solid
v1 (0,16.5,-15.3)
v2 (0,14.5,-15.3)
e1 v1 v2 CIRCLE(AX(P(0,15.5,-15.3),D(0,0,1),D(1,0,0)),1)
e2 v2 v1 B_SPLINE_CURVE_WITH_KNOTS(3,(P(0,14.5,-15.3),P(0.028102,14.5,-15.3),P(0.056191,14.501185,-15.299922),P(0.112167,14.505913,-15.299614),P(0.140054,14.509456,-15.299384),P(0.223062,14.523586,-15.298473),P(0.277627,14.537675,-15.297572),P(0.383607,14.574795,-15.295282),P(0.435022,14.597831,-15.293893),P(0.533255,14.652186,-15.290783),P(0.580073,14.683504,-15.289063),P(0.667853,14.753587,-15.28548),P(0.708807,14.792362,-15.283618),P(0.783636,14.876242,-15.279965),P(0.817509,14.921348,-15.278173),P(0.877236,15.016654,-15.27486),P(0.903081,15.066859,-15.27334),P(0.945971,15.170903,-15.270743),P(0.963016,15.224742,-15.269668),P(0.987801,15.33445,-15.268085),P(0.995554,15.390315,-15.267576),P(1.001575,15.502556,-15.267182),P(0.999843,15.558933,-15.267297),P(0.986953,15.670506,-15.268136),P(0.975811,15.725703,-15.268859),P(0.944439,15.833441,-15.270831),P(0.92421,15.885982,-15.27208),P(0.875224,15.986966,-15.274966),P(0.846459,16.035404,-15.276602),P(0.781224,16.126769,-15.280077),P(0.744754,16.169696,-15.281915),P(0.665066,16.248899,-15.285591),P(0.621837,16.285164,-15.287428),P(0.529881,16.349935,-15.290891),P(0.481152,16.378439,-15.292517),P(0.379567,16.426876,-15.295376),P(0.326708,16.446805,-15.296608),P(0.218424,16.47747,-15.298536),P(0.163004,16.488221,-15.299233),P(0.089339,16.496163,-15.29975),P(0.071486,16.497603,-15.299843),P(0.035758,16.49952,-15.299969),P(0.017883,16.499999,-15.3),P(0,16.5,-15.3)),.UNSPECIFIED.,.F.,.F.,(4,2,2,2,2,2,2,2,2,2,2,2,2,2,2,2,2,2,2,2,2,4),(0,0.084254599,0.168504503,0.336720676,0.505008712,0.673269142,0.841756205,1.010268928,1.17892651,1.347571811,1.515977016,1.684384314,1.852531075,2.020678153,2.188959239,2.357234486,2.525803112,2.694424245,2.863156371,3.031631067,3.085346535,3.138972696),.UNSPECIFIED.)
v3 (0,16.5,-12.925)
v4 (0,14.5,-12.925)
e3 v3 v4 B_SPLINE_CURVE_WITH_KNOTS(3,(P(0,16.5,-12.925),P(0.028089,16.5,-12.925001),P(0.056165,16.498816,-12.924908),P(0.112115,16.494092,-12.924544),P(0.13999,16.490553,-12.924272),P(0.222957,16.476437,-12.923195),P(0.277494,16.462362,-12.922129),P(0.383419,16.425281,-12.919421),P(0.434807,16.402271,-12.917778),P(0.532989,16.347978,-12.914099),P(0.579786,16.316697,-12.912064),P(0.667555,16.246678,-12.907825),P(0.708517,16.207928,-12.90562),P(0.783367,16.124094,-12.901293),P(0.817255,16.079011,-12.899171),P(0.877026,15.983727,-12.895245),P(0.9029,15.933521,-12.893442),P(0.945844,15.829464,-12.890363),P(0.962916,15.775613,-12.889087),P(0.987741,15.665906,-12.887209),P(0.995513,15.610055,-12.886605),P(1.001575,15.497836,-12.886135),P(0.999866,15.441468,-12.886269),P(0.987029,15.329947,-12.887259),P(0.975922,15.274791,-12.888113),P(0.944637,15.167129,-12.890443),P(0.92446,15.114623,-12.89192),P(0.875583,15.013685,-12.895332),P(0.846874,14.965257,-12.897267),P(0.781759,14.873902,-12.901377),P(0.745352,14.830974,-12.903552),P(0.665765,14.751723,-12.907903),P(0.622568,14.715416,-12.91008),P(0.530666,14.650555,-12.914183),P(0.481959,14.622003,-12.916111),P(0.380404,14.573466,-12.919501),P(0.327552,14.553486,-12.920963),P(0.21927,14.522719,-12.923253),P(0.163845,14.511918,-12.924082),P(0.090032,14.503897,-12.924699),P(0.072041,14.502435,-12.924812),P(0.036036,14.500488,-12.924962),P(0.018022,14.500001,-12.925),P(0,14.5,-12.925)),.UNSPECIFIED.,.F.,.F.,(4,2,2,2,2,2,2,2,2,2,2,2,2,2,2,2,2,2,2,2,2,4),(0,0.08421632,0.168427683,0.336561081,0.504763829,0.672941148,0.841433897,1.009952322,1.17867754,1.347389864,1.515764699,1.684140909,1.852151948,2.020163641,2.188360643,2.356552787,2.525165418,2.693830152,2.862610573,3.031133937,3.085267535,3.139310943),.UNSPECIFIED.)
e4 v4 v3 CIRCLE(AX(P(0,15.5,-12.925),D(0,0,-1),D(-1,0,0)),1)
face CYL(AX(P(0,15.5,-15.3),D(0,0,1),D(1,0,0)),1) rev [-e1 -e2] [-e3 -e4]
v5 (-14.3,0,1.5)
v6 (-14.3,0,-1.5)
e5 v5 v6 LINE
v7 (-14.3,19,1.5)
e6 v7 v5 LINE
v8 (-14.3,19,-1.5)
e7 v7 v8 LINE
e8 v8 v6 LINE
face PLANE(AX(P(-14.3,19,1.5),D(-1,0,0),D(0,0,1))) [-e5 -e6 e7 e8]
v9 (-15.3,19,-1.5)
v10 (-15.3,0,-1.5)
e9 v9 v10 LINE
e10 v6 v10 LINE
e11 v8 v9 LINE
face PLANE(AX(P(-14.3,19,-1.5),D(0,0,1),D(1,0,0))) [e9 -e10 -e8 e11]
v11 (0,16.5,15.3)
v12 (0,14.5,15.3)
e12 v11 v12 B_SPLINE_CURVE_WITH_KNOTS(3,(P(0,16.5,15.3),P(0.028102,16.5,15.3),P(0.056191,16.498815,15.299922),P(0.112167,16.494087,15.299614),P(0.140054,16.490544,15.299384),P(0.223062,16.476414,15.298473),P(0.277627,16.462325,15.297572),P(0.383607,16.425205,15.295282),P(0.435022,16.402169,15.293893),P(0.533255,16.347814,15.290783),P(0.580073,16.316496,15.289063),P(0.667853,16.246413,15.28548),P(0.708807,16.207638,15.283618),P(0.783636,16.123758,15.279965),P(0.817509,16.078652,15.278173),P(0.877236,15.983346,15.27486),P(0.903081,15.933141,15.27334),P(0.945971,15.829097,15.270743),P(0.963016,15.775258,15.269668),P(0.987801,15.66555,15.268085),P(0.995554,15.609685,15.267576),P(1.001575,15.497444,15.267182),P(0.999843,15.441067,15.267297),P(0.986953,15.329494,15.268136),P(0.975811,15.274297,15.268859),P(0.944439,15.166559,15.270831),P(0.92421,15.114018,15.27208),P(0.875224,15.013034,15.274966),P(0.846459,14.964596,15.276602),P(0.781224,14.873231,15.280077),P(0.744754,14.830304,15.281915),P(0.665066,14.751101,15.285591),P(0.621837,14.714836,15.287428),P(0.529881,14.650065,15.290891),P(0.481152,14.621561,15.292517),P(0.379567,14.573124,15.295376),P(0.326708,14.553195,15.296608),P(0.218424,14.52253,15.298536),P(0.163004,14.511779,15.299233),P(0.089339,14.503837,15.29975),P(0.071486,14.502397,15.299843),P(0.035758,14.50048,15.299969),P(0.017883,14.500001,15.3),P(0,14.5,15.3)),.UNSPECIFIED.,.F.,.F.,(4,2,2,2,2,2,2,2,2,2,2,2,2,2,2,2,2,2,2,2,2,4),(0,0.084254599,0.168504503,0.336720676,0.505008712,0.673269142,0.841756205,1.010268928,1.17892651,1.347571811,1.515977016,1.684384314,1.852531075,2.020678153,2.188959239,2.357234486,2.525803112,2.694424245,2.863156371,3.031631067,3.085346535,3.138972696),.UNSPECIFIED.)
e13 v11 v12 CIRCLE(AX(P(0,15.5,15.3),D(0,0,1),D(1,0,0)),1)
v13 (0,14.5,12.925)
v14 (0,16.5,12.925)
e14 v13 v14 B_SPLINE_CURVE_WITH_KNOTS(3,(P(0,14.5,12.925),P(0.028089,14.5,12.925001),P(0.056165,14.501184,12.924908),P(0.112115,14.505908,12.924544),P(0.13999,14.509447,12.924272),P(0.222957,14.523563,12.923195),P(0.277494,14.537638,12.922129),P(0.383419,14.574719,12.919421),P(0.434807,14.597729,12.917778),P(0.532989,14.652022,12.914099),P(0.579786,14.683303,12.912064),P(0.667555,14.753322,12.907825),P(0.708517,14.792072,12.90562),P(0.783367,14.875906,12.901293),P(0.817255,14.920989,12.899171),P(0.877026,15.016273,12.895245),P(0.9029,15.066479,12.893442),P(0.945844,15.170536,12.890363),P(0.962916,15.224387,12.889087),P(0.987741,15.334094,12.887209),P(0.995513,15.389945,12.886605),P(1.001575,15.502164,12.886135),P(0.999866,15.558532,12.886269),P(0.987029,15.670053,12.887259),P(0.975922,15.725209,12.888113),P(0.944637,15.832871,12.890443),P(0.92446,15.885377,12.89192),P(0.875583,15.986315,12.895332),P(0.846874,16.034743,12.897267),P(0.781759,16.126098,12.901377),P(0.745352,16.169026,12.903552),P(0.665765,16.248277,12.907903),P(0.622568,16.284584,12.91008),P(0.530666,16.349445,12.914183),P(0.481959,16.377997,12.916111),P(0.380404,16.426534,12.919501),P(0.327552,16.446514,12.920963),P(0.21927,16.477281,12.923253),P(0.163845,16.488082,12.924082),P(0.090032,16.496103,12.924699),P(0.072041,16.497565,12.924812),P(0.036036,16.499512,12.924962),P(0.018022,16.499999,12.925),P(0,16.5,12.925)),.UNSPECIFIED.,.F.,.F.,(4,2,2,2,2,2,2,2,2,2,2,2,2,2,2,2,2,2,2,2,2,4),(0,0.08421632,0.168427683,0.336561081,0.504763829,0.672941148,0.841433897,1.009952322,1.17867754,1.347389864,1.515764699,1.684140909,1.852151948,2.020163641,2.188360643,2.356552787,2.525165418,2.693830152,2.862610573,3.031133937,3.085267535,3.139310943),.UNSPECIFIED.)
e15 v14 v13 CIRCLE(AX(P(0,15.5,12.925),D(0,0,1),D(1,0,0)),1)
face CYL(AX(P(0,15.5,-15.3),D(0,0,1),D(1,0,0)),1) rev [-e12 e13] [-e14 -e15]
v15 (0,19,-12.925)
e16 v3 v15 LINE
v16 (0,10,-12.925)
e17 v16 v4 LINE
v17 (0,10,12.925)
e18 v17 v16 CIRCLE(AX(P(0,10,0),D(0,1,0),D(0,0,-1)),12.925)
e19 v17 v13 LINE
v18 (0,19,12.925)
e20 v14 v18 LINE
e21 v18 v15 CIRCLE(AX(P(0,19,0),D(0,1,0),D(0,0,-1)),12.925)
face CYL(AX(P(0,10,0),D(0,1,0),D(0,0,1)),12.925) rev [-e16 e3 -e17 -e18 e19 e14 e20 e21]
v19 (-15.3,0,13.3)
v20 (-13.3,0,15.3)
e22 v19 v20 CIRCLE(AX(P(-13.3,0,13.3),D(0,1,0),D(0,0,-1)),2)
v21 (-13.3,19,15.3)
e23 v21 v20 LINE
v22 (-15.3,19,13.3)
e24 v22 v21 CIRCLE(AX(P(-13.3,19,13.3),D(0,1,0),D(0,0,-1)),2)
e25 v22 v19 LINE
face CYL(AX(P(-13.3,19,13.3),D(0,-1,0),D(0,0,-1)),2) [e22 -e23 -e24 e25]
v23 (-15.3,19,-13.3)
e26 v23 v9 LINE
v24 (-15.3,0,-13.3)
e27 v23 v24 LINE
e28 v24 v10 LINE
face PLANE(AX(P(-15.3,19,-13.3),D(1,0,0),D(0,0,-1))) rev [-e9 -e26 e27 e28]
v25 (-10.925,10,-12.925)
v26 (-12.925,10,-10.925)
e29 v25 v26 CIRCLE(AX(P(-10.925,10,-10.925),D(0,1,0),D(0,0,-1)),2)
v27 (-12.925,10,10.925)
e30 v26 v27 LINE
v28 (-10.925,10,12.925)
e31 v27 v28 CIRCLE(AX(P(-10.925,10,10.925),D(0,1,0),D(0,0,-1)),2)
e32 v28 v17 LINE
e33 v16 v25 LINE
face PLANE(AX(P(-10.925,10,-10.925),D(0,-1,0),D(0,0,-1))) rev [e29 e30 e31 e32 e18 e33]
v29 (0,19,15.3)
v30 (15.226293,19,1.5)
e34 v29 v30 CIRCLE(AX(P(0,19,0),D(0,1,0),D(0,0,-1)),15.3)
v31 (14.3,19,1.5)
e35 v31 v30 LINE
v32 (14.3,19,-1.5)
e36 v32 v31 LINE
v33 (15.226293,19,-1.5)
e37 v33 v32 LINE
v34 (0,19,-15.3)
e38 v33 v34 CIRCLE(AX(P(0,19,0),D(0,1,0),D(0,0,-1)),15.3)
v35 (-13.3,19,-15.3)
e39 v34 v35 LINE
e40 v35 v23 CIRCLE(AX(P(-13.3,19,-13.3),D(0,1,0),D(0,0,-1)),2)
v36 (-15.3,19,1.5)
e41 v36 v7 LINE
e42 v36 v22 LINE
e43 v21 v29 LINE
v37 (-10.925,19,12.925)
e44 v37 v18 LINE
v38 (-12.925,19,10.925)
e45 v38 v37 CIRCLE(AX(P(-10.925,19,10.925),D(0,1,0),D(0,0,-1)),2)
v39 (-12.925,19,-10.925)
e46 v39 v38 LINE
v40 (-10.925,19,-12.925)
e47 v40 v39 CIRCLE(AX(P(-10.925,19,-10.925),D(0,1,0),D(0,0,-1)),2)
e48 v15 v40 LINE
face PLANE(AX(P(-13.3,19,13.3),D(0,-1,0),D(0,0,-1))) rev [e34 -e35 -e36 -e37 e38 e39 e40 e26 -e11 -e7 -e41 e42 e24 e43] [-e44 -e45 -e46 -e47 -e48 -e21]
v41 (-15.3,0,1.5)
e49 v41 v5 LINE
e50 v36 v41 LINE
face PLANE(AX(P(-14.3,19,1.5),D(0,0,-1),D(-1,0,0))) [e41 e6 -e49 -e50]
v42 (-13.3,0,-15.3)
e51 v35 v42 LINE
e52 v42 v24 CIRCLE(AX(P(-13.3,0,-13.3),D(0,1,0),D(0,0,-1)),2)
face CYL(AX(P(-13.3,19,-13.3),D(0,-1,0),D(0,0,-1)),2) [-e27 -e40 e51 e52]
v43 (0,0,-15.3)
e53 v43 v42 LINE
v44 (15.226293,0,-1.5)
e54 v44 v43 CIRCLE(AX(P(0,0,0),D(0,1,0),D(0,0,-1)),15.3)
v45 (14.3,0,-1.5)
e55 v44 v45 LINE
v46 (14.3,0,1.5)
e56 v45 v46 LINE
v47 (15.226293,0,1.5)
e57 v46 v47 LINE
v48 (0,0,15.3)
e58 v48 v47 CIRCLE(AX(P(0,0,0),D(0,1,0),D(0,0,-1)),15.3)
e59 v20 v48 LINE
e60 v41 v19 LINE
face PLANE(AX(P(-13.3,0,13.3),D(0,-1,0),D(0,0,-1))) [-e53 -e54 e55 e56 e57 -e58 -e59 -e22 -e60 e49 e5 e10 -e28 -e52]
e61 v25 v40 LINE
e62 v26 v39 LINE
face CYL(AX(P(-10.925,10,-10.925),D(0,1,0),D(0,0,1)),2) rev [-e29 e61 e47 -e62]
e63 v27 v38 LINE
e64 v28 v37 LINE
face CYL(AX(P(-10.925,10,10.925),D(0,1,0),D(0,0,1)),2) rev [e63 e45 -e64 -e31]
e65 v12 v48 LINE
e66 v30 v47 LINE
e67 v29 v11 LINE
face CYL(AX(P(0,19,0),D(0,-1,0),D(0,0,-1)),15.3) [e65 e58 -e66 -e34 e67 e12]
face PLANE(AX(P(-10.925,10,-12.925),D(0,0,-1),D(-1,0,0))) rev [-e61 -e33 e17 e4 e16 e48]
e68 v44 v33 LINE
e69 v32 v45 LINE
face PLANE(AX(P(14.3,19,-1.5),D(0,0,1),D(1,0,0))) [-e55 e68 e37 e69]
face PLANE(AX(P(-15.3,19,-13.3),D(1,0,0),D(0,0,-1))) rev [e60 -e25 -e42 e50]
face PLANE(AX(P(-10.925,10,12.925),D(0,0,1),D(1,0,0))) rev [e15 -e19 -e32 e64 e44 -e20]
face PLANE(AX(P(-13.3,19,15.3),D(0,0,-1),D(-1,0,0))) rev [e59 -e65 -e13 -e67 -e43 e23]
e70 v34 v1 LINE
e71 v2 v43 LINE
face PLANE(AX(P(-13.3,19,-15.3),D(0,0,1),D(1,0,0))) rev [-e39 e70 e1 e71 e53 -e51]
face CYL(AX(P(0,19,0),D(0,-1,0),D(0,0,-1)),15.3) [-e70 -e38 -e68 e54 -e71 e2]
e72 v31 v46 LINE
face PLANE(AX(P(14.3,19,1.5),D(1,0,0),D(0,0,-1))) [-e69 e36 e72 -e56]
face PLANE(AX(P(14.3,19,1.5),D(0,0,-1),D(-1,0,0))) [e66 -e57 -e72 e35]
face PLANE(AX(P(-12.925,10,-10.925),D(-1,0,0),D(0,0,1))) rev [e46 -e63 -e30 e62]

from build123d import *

# Parameters (mm, degrees)
BOSS_EXTRUDE1_DEPTH     = 19
CUT_EXTRUDE1_DEPTH      = 9
CUT_EXTRUDE2_DEPTH      = 29.795485757
CUT_EXTRUDE2_DEPTH_BACK = 29.795485757
SKETCH3_R               = 1
SKETCH8_W               = 1
SKETCH8_H               = 3
CUT_EXTRUDE9_DEPTH      = 29.79548593


with BuildPart() as part:
    # Sketch1 → Boss-Extrude1 (new body)
    with BuildSketch(Plane(origin=(0, 0, 0), x_dir=(1, 0, 0), z_dir=(0, 1, 0))):
        with BuildLine():
            Line((-13.3, 15.3), (0, 15.3))
            ThreePointArc((0, 15.3), (15.3, 0), (0, -15.3))
            Line((0, -15.3), (-13.3, -15.3))
            ThreePointArc((-13.3, -15.3), (-14.714213562, -14.714213562), (-15.3, -13.3))
            Line((-15.3, -13.3), (-15.3, 13.3))
            ThreePointArc((-15.3, 13.3), (-14.714213562, 14.714213562), (-13.3, 15.3))
        make_face()
    extrude(amount=BOSS_EXTRUDE1_DEPTH)

    # Sketch2 → Cut-Extrude1 (cut)
    with BuildSketch(Plane(origin=(0, 19, 0), x_dir=(1, 0, 0), z_dir=(0, 1, 0))):
        with BuildLine():
            Line((-10.925, 12.925), (0, 12.925))
            ThreePointArc((0, 12.925), (12.925, 0), (0, -12.925))
            Line((0, -12.925), (-10.925, -12.925))
            ThreePointArc((-10.925, -12.925), (-12.339213562, -12.339213562), (-12.925, -10.925))
            Line((-12.925, -10.925), (-12.925, 10.925))
            ThreePointArc((-12.925, 10.925), (-12.339213562, 12.339213562), (-10.925, 12.925))
        make_face()
    extrude(amount=-CUT_EXTRUDE1_DEPTH, mode=Mode.SUBTRACT)

    # Sketch3 → Cut-Extrude2 (cut, two sides: drawn at the far end of the back side and taken through both)
    with BuildSketch(Plane.XY.offset(-CUT_EXTRUDE2_DEPTH_BACK)):
        with Locations(Location((0, 15.5, 0), (0, 0, 90))):
            Circle(SKETCH3_R)
    extrude(amount=CUT_EXTRUDE2_DEPTH + CUT_EXTRUDE2_DEPTH_BACK, mode=Mode.SUBTRACT)

    # Sketch8 → Cut-Extrude9 (cut, through all)
    with BuildSketch(Plane(origin=(0, 0, 0), x_dir=(1, 0, 0), z_dir=(0, 1, 0))):
        with Locations((14.8, 0)):
            Rectangle(SKETCH8_W, SKETCH8_H)
        with Locations((-14.8, 0)):
            Rectangle(SKETCH8_W, SKETCH8_H)
    extrude(amount=CUT_EXTRUDE9_DEPTH, mode=Mode.SUBTRACT)


solid = part.part
